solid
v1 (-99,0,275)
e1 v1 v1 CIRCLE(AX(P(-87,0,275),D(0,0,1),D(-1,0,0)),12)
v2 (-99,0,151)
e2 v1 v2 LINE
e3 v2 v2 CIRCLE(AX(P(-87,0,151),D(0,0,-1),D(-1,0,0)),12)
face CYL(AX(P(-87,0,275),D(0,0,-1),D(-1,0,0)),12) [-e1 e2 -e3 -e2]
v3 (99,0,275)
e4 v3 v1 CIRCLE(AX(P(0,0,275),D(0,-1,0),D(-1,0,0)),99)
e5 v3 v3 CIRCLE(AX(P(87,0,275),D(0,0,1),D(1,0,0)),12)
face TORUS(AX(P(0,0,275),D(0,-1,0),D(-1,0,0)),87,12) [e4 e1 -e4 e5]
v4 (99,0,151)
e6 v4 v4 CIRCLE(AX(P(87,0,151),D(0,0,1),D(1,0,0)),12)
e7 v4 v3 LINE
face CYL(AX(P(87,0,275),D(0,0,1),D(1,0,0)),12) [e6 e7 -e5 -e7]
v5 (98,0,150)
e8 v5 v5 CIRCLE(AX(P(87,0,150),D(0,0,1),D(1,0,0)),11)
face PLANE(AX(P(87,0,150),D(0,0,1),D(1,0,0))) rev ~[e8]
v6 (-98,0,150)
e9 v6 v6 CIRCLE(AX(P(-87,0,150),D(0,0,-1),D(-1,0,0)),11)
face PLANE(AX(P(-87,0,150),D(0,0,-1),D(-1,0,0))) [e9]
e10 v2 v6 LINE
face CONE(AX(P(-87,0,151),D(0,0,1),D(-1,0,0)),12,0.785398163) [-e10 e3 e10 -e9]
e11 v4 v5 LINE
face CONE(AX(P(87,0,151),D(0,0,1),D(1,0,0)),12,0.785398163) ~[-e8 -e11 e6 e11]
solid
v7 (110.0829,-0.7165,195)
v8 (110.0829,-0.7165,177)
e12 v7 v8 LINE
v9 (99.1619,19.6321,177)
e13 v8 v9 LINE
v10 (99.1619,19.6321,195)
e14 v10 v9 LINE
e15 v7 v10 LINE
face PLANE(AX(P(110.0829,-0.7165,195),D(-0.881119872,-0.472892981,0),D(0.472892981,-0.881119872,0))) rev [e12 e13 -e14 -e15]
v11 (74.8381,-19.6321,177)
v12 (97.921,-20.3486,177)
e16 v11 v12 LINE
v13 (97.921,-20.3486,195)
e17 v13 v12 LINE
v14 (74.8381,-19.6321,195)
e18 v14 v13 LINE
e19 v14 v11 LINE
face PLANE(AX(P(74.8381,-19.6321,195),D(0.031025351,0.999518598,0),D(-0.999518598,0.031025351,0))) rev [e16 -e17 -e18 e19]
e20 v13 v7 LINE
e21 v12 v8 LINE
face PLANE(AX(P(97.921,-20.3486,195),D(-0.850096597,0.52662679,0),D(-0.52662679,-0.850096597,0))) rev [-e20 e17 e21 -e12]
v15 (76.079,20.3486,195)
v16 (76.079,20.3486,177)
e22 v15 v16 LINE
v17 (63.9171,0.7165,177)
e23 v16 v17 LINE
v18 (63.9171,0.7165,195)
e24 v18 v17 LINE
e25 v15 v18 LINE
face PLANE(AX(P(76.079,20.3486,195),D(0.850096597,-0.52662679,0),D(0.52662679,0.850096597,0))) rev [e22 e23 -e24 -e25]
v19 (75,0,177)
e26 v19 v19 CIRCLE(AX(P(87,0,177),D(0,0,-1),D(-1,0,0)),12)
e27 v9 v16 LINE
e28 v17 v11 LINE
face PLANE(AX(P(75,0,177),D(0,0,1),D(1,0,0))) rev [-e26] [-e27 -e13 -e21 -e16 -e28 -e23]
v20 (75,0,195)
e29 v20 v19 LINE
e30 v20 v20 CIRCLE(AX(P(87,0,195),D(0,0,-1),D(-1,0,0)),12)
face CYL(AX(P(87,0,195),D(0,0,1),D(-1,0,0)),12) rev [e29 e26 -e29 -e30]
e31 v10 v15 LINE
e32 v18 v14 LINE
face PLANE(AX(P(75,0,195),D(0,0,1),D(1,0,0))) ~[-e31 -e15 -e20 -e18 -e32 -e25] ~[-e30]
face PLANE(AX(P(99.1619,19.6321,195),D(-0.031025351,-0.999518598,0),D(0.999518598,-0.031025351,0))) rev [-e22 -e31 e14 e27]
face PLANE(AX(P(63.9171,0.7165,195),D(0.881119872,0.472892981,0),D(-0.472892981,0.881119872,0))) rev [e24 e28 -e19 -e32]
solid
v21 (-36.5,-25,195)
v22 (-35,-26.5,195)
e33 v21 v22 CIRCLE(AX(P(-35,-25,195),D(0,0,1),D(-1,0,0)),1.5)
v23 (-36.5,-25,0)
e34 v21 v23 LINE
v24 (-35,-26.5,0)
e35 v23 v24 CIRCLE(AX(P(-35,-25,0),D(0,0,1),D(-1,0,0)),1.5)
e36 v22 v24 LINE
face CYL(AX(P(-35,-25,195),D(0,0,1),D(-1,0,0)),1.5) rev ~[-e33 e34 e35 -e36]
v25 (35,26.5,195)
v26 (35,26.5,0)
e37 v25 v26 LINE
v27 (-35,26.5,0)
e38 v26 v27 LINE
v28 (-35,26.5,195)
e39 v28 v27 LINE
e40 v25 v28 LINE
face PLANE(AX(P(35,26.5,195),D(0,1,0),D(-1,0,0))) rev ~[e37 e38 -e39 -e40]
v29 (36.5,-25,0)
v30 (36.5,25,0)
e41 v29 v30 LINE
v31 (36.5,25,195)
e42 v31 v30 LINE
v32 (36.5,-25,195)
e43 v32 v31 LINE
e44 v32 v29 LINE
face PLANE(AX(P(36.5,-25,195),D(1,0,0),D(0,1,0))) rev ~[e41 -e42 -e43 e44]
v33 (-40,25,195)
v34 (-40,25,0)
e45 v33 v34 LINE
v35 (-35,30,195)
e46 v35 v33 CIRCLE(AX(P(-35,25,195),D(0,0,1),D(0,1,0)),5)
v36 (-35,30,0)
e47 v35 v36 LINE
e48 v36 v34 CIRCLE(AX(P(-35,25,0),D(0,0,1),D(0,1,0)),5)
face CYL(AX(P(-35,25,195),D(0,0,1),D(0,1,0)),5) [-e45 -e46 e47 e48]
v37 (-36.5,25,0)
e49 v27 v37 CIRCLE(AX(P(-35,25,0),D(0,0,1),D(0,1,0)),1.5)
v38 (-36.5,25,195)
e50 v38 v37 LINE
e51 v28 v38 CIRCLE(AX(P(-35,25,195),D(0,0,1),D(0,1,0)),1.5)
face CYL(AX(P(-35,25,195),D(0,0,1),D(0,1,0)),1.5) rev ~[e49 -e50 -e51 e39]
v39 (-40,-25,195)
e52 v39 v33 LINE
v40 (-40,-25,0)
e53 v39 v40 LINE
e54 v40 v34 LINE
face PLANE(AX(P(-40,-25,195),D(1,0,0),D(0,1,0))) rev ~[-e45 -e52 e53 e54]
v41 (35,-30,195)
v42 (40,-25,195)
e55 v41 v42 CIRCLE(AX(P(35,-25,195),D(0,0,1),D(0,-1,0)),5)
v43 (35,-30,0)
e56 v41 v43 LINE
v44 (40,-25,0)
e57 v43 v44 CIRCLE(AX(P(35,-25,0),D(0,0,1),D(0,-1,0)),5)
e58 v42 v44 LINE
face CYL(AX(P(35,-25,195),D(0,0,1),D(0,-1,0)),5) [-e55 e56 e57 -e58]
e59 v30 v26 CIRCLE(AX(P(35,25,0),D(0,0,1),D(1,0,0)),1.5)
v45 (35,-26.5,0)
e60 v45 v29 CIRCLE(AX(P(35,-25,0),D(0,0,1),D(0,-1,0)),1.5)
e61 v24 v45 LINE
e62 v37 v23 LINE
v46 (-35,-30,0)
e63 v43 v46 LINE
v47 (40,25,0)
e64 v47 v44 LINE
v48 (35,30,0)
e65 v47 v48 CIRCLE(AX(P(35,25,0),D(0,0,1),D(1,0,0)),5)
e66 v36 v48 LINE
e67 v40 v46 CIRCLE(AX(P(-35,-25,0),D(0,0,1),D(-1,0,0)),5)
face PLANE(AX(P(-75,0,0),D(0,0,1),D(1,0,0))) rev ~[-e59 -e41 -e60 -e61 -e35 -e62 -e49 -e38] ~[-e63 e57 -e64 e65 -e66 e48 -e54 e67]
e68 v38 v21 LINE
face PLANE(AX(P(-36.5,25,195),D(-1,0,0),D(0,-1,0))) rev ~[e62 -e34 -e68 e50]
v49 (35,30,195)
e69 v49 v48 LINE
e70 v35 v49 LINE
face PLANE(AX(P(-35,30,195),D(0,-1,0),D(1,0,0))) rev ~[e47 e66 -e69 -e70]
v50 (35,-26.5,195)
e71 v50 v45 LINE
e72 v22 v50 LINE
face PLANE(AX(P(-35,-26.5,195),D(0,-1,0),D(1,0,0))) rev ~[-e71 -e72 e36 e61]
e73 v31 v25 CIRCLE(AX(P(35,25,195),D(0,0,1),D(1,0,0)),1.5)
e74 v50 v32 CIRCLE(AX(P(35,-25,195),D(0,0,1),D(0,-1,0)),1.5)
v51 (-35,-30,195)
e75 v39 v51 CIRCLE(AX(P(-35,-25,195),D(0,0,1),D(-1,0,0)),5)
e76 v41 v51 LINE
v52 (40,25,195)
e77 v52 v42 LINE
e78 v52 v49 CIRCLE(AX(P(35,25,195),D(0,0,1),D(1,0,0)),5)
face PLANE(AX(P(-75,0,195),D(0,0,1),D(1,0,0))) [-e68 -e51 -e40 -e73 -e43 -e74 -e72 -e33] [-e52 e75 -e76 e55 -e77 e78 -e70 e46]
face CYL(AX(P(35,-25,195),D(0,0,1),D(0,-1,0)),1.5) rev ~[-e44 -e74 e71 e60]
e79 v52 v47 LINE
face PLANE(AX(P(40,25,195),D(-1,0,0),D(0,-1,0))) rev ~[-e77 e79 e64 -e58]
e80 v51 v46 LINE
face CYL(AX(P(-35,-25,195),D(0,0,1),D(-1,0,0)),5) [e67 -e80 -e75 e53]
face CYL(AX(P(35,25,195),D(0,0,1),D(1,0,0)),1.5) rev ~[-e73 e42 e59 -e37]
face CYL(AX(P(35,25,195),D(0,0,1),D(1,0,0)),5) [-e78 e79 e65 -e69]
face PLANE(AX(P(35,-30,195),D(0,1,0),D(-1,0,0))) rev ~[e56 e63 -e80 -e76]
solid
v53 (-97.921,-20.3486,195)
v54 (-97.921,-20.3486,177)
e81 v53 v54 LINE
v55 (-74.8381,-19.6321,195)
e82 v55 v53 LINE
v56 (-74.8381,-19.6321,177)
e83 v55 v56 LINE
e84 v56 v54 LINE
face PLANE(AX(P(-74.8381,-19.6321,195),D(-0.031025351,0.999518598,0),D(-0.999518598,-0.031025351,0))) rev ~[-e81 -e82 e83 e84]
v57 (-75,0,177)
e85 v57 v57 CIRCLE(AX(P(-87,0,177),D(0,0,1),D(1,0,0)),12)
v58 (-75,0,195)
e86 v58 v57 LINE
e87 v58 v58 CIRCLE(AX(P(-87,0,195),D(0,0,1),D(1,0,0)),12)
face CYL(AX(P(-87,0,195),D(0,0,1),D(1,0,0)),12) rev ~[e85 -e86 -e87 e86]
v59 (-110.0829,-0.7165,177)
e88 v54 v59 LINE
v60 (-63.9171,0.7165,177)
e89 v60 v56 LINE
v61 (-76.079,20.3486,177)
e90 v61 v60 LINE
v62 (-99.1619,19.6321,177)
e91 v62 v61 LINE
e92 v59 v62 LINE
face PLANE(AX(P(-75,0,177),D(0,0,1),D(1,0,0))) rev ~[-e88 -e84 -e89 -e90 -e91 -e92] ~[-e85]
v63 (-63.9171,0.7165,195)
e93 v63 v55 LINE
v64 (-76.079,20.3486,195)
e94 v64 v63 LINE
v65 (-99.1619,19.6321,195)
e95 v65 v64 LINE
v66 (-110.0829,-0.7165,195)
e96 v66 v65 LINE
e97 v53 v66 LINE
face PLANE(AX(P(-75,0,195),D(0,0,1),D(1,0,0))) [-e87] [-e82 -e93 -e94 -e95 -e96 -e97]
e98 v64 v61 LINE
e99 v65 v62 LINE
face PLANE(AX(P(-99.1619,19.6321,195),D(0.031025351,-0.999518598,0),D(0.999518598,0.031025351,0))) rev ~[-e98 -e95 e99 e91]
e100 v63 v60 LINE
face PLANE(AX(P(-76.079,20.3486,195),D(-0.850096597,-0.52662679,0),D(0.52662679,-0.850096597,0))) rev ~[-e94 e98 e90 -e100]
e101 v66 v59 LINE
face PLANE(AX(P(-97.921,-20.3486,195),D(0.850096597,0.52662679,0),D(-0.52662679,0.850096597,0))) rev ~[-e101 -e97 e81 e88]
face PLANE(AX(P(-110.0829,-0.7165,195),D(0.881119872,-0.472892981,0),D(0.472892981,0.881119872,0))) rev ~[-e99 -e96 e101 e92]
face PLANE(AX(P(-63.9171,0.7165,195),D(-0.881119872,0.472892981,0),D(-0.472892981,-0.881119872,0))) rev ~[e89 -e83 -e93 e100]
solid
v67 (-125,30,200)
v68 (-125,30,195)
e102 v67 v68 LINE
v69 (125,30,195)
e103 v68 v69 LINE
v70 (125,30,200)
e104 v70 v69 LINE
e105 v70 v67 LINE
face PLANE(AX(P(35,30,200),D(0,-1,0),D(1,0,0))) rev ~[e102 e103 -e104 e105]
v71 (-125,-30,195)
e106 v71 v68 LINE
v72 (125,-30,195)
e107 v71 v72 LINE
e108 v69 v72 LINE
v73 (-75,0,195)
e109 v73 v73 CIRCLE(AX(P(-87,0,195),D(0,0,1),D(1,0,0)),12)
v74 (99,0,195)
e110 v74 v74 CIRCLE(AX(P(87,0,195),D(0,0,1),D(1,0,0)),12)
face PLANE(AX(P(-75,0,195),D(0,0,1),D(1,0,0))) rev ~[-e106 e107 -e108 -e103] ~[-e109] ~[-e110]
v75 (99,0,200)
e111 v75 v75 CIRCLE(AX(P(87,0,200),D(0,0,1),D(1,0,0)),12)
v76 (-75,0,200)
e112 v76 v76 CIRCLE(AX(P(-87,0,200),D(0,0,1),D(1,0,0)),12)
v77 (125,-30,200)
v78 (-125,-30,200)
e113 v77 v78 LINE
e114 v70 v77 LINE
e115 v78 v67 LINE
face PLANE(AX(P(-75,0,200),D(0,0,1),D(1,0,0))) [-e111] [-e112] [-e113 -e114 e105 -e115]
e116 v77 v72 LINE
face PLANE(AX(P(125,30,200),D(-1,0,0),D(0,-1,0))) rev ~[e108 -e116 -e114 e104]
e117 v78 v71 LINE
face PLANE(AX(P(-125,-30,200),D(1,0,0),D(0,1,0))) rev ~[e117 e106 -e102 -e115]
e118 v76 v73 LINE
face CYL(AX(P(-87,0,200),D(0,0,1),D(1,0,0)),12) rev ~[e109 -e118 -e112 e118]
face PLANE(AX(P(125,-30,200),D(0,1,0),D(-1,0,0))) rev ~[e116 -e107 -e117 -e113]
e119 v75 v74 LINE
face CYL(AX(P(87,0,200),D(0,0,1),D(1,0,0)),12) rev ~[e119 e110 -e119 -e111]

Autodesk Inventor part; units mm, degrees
ref_plane "YZ Plane" through (0, 0, 0) normal (1, 0, 0) x (0, 1, 0)
sketch "Sketch1" plane through (0, 0, 0) normal (0, 1, 0) x (-1, 0, 0)
  arc A0 (-75, 275) -> (75, 275) centre (0, 275) ccw construction
  line L0 (75, 200) -> (-75, 200) construction
  line L1 (75, 275) -> (75, 150)
  line L2 (-75, 275) -> (-75, 150)
  arc A1 (75, 275) -> (-75, 275) centre (0, 275) ccw
  line L3 (75, 150) -> (-75, 150) construction
  point P0 (0, 0)
  dimension "Thread" = 50
  dimension "d13" = 275
ref_plane "Work Plane1" through (-75, 0, 150) normal (0, 0, -1) x (-1, 0, 0)
sketch "Sketch2" plane through (-75, 0, 150) normal (0, 0, -1) x (-1, 0, 0)
  circle A0 centre (12, 0) radius 12
  point P0 (-75, 0)
  point P1 (0, 0)
  dimension "d2" = 24
sweep "Sweep1" add profiles "Sketch2" path "Sketch1"
thread "Thread1"
thread "Thread2"
chamfer "Chamfer1" distance 1 angle 45 4 edges at (75, 0, 150) (75, 0, 275) (-75, 0, 275) (-75, 0, 150)
ref_plane "Work Plane3" through (-75, 0, 200) normal (0, 0, 1) x (1, 0, 0)
sketch "Sketch3" plane through (-75, 0, 200) normal (0, 0, 1) x (1, 0, 0)
  line L0 (200, -30) -> (-50, -30)
  line L1 (-50, -30) -> (-50, 30)
  line L2 (-50, 30) -> (200, 30)
  line L3 (200, 30) -> (200, -30)
  line L4 (200, -30) -> (-50, 30) construction
  line L5 (-50, -30) -> (200, 30) construction
  circle A0 centre (-12, 0) radius 12 projected
  circle A1 centre (162, 0) radius 12 projected
  line L6 (110, -30) -> (40, -30)
  line L7 (35, -25) -> (35, 25)
  line L8 (40, 30) -> (110, 30)
  line L9 (115, 25) -> (115, -25)
  line L10 (115, -30) -> (35, 30) construction
  line L11 (35, -30) -> (115, 30) construction
  arc A2 (35, -25) -> (40, -30) centre (40, -25) ccw
  arc A3 (40, 30) -> (35, 25) centre (40, 25) ccw
  arc A4 (115, 25) -> (110, 30) centre (110, 25) ccw
  arc A5 (110, -30) -> (115, -25) centre (110, -25) ccw
  line L12 (38.5, 25) -> (38.5, -25)
  arc A6 (38.5, -25) -> (40, -26.5) centre (40, -25) ccw
  line L13 (40, -26.5) -> (110, -26.5)
  arc A7 (110, -26.5) -> (111.5, -25) centre (110, -25) ccw
  line L14 (111.5, -25) -> (111.5, 25)
  arc A8 (111.5, 25) -> (110, 26.5) centre (110, 25) ccw
  line L15 (110, 26.5) -> (40, 26.5)
  arc A9 (40, 26.5) -> (38.5, 25) centre (40, 25) ccw
  line L16 (0.1619, -19.6321) -> (-22.921, -20.3486)
  line L17 (-22.921, -20.3486) -> (-35.0829, -0.7165)
  line L18 (-35.0829, -0.7165) -> (-24.1619, 19.6321)
  line L19 (-24.1619, 19.6321) -> (-1.079, 20.3486)
  line L20 (-1.079, 20.3486) -> (11.0829, 0.7165)
  line L21 (11.0829, 0.7165) -> (0.1619, -19.6321)
  point P0 (75, 0)
  dimension "d15" = 250
  dimension "d16" = 60
  dimension "d21" = 80
  dimension "d22" = 60
  dimension "d23" = 5
  dimension "d24" = 3.5
  dimension "d27" = 40
extrude "Extrusion1" add sketch "Sketch3" against normal blind 5 separate body contours L0 A5 L9 A4 L2 L3 | L0 A2 L7 A3 L2 A4 L9 A5 | L0 L1 L2 A3 L7 A2 | A0 | A1 | A9 L15 A8 L14 A7 L13 A6 L12 | L16 L17 L18 L19 L20 L21
extrude "Extrusion2" cut sketch "Sketch3" against normal through all contours A0 | A1 bodies 2
extrude "Extrusion3" add sketch "Sketch3" against normal up to surface (195 mm away) from surface at -5 separate body contours L0 A2 L7 A3 L2 A4 L9 A5
extrude "Extrusion4" add sketch "Sketch3" against normal blind 18 from surface at -5 separate body contours L16 L17 L18 L19 L20 L21
mirror "Mirror1" about plane through (0, 0, 0) normal (1, 0, 0) bodies 4
equation "\"d4\" = Thread"
equation "\"d6\" = Thread"
properties part number "Pipe Support U-Ring" material "Stainless Steel"
